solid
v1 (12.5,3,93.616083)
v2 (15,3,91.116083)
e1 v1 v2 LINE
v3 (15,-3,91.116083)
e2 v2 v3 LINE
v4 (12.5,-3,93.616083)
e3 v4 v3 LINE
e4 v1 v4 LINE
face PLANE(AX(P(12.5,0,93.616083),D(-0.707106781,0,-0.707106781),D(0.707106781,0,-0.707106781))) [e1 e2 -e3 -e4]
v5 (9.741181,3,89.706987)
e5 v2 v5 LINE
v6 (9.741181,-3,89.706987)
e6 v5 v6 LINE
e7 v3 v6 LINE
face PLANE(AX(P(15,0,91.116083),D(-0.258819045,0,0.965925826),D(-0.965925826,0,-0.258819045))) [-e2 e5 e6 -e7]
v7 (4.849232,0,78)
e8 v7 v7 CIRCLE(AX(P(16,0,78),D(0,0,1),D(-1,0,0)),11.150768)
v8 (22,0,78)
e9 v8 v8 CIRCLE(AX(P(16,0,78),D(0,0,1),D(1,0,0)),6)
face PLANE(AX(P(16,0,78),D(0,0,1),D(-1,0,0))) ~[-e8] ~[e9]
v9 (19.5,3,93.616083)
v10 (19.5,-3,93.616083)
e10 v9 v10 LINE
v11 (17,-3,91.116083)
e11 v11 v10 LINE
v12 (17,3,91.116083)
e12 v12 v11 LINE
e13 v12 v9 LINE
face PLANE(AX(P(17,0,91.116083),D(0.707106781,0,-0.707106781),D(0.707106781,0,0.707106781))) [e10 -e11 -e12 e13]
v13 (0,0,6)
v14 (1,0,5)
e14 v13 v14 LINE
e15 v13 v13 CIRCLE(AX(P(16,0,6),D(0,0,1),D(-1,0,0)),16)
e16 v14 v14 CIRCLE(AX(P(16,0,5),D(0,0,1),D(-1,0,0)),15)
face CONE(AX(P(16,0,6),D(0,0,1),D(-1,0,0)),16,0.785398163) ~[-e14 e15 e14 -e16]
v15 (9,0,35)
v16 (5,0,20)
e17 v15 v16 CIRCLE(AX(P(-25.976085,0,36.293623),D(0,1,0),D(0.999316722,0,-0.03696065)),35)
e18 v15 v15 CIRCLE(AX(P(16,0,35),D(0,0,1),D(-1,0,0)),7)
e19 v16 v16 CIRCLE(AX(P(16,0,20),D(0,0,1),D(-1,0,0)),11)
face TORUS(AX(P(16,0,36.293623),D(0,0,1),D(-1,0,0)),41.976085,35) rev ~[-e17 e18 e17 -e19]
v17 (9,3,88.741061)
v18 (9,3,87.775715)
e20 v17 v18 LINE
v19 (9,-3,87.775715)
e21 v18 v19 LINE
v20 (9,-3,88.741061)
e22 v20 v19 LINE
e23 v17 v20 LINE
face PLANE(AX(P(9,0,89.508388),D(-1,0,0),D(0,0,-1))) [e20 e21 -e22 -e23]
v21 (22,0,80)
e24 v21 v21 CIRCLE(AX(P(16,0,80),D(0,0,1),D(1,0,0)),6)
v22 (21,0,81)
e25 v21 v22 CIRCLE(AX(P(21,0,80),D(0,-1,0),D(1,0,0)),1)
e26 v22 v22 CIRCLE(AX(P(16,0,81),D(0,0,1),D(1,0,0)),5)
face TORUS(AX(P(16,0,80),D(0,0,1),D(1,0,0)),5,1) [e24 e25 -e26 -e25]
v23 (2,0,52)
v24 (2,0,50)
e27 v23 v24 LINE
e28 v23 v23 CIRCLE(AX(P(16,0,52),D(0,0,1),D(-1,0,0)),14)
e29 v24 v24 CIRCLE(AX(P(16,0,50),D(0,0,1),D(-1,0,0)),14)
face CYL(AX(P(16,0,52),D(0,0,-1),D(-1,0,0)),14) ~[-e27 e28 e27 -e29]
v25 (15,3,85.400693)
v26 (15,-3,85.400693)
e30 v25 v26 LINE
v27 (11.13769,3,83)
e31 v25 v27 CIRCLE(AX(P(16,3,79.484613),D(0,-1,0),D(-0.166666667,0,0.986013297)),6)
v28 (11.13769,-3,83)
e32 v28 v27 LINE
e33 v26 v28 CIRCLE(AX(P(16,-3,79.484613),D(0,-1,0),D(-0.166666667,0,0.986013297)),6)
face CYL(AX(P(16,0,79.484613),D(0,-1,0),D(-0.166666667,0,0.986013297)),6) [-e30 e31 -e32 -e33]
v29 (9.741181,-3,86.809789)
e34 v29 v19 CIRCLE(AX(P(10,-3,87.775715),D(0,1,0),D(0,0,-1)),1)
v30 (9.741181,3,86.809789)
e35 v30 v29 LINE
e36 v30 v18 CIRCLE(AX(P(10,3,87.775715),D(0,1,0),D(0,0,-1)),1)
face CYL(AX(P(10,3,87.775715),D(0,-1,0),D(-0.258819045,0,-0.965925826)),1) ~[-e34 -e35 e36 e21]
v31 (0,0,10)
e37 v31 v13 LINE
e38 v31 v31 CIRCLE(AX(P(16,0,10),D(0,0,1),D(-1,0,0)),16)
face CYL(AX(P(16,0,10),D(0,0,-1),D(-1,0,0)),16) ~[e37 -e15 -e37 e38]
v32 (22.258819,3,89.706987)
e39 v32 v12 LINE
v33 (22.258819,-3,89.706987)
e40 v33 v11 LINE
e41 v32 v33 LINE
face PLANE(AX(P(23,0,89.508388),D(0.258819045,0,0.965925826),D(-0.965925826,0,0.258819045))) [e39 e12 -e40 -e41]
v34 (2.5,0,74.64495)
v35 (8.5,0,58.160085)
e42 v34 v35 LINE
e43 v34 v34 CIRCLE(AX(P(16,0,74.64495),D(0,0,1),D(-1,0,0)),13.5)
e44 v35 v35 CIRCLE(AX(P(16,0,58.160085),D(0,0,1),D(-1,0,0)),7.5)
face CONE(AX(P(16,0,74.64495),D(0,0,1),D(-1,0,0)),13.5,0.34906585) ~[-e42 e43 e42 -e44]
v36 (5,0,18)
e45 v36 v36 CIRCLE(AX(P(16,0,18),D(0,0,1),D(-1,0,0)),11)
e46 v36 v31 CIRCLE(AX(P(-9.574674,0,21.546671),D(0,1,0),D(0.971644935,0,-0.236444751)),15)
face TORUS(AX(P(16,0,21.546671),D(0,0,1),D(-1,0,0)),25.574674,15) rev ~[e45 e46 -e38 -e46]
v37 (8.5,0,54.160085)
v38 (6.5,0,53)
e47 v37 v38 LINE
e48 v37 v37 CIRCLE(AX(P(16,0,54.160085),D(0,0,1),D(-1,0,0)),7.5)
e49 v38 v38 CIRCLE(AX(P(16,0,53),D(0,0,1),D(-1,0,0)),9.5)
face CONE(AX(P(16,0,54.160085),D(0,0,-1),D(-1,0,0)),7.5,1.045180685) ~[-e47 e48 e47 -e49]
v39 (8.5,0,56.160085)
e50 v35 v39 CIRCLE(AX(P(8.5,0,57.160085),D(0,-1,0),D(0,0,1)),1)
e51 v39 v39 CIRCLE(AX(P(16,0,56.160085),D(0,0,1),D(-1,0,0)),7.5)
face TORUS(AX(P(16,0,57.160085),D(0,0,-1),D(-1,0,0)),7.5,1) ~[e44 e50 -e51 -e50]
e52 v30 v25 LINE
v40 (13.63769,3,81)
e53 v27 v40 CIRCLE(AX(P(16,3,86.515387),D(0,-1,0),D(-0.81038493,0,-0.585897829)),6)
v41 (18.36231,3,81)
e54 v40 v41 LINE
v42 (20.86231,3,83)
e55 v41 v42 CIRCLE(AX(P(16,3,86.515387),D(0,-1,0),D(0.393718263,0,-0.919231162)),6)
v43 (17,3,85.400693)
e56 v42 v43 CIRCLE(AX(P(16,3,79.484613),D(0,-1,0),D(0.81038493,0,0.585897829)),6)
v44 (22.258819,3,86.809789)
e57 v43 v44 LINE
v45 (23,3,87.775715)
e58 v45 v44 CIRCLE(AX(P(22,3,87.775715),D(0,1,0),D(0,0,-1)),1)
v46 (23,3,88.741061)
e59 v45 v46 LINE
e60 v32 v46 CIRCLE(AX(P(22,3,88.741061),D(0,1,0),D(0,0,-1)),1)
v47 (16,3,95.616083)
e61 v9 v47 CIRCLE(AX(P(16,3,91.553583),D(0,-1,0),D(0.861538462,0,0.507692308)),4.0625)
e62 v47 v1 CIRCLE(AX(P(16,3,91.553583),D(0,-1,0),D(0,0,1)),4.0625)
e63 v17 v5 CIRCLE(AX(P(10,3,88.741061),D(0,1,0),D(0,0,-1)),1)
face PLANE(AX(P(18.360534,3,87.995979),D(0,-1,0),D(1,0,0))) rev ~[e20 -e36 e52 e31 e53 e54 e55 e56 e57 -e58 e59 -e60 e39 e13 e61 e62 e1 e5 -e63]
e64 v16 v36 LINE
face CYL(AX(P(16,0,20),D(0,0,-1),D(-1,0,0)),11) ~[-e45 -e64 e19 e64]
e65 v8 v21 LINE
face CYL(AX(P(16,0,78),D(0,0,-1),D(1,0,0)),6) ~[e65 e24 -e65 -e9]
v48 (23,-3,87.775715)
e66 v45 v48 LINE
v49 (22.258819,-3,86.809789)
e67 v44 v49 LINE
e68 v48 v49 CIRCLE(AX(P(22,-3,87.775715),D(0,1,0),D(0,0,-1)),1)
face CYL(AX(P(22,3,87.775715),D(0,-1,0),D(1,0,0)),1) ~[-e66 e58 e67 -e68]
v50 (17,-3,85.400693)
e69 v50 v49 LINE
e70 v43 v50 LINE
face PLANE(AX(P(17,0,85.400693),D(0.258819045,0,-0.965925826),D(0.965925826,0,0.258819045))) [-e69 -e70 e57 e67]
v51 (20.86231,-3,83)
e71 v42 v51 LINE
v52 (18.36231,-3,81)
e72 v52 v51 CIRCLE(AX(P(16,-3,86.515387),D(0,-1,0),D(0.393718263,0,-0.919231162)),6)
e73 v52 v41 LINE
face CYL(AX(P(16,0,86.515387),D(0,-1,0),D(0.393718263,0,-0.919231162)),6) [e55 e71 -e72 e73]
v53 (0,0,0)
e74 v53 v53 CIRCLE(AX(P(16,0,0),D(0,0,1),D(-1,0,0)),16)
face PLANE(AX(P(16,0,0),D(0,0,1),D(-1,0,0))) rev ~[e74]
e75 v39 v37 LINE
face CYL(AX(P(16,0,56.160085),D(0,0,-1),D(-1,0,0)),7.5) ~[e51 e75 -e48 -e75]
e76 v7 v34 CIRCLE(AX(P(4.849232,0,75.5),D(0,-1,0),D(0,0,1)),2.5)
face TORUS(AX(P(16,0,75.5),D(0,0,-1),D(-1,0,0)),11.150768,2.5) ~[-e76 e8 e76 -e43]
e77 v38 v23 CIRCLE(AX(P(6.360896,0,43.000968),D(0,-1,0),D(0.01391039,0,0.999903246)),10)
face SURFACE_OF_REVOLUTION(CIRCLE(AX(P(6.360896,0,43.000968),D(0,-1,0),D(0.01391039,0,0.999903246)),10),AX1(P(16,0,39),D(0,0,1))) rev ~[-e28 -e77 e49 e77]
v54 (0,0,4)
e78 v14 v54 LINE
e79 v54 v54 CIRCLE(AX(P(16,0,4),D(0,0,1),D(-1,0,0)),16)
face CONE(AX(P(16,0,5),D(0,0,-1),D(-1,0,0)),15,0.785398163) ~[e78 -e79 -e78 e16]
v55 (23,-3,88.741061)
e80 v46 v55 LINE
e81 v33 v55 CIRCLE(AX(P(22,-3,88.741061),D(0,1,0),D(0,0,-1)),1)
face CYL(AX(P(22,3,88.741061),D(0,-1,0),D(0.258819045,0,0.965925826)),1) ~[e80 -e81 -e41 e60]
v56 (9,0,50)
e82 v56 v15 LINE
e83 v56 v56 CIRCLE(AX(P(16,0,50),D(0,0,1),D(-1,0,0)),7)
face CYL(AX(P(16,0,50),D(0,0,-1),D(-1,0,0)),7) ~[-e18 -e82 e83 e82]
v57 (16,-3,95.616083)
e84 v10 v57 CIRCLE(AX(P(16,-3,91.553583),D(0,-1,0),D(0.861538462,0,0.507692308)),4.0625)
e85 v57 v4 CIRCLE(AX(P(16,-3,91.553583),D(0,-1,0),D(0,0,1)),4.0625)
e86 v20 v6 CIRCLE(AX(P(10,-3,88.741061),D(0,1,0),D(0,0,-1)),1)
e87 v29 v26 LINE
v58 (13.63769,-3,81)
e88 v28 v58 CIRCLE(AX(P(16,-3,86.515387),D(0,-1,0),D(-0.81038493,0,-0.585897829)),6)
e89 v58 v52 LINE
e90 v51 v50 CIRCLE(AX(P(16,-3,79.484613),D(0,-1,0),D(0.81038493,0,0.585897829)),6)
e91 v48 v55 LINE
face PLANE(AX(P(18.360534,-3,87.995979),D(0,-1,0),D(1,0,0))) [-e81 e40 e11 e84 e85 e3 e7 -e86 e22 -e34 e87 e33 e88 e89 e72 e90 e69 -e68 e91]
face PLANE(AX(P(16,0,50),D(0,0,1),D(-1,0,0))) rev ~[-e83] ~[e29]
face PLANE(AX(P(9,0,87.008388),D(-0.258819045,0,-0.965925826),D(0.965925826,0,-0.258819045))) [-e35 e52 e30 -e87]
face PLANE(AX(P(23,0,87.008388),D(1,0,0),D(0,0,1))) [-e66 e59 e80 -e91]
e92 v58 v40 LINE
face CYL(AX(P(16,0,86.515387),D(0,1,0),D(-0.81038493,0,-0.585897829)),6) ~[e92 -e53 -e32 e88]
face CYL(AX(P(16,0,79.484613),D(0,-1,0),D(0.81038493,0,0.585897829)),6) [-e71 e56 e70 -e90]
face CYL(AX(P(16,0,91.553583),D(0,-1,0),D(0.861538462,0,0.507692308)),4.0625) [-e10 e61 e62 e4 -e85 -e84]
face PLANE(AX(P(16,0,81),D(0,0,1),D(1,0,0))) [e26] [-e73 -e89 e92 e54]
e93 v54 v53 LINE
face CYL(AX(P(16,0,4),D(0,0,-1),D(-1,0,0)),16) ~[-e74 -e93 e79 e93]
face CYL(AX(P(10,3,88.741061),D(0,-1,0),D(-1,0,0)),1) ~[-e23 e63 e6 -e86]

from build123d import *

# Parameters (mm, degrees)
F2_R          = 6
F3_DEPTH      = 3
F4_R          = 1
F6_DEPTH      = 3
F6_DEPTH_BACK = 3
F7_R          = 1


with BuildPart() as f1:
    # F0 (on Front) → F1 (revolve)
    with BuildSketch(Plane.XZ):
        with BuildLine():
            Line((0, 4), (0, 0))
            Line((0, 0), (16, 0))
            Line((16, 0), (16, 78))
            Line((16, 78), (4.849231552, 78))
            ThreePointArc((4.849231552, 78), (2.8013514412, 76.9339410909), (2.5, 74.6449496417))
            Line((2.5, 74.6449496417), (8.5, 58.160085125))
            ThreePointArc((8.5, 58.160085125), (7.5, 57.160085125), (8.5, 56.160085125))
            Line((8.5, 56.160085125), (8.5, 54.160085125))
            Line((8.5, 54.160085125), (6.5, 53))
            ThreePointArc((6.5, 53), (4.1915915237, 52.7628381434), (2, 52))
            Line((2, 52), (2, 50))
            Line((2, 50), (9, 50))
            Line((9, 50), (9, 35))
            ThreePointArc((9, 35), (7.8421376246, 27.2754299668), (5, 20))
            Line((5, 20), (5, 18))
            ThreePointArc((5, 18), (3.1453005351, 13.5966871656), (0, 10))
            Line((0, 10), (0, 6))
            Line((0, 6), (1, 5))
            Line((1, 5), (0, 4))
        make_face()
    revolve(axis=Axis((16, 0, 39), (0, 0, 1)))

    # F2 (on face) → F3 (join)
    with BuildSketch(Plane.XY.offset(78)):
        with Locations((16, 0)):
            Circle(F2_R)
    extrude(amount=F3_DEPTH)

    # F4
    f4_edges = [f1.edges().sort_by_distance(p)[0] for p in [
        (10, 0, 81),
    ]]
    fillet(f4_edges, radius=F4_R)

    # F5 (on Front) → F6 (join, two sides)
    with BuildSketch(Plane.XZ) as f6_sk:
        with BuildLine():
            Line((16, 81), (18.3623095781, 81))
            ThreePointArc((18.3623095781, 81), (19.7481702853, 81.8301741159), (20.8623095781, 83))
            ThreePointArc((20.8623095781, 83), (19.1674121756, 84.5804446681), (17, 85.4006928105))
            Line((17, 85.4006928105), (23, 87.0083879651))
            Line((23, 87.0083879651), (23, 89.5083879651))
            Line((23, 89.5083879651), (17, 91.1160831197))
            Line((17, 91.1160831197), (19.5, 93.6160831197))
            ThreePointArc((19.5, 93.6160831197), (18.0155644371, 95.0808208846), (16, 95.6160831197))
            Line((16, 95.6160831197), (16, 81))
        make_face()
        with BuildLine():
            Line((13.6376904219, 81), (16, 81))
            Line((16, 81), (16, 95.6160831197))
            ThreePointArc((16, 95.6160831197), (13.9844355629, 95.0808208846), (12.5, 93.6160831197))
            Line((12.5, 93.6160831197), (15, 91.1160831197))
            Line((15, 91.1160831197), (9, 89.5083879651))
            Line((9, 89.5083879651), (9, 87.0083879651))
            Line((9, 87.0083879651), (15, 85.4006928105))
            ThreePointArc((15, 85.4006928105), (12.8325878244, 84.5804446681), (11.1376904219, 83))
            ThreePointArc((11.1376904219, 83), (12.2518297147, 81.8301741159), (13.6376904219, 81))
        make_face()
    extrude(amount=F6_DEPTH)
    extrude(f6_sk.sketch, amount=-F6_DEPTH_BACK)

    # F7
    f7_edges = [f1.edges().sort_by_distance(p)[0] for p in [
        (23, 0, 89.508388),
        (23, 0, 87.008388),
        (9, 0, 89.508388),
        (9, 0, 87.008388),
    ]]
    fillet(f7_edges, radius=F7_R)


solid = f1.part
